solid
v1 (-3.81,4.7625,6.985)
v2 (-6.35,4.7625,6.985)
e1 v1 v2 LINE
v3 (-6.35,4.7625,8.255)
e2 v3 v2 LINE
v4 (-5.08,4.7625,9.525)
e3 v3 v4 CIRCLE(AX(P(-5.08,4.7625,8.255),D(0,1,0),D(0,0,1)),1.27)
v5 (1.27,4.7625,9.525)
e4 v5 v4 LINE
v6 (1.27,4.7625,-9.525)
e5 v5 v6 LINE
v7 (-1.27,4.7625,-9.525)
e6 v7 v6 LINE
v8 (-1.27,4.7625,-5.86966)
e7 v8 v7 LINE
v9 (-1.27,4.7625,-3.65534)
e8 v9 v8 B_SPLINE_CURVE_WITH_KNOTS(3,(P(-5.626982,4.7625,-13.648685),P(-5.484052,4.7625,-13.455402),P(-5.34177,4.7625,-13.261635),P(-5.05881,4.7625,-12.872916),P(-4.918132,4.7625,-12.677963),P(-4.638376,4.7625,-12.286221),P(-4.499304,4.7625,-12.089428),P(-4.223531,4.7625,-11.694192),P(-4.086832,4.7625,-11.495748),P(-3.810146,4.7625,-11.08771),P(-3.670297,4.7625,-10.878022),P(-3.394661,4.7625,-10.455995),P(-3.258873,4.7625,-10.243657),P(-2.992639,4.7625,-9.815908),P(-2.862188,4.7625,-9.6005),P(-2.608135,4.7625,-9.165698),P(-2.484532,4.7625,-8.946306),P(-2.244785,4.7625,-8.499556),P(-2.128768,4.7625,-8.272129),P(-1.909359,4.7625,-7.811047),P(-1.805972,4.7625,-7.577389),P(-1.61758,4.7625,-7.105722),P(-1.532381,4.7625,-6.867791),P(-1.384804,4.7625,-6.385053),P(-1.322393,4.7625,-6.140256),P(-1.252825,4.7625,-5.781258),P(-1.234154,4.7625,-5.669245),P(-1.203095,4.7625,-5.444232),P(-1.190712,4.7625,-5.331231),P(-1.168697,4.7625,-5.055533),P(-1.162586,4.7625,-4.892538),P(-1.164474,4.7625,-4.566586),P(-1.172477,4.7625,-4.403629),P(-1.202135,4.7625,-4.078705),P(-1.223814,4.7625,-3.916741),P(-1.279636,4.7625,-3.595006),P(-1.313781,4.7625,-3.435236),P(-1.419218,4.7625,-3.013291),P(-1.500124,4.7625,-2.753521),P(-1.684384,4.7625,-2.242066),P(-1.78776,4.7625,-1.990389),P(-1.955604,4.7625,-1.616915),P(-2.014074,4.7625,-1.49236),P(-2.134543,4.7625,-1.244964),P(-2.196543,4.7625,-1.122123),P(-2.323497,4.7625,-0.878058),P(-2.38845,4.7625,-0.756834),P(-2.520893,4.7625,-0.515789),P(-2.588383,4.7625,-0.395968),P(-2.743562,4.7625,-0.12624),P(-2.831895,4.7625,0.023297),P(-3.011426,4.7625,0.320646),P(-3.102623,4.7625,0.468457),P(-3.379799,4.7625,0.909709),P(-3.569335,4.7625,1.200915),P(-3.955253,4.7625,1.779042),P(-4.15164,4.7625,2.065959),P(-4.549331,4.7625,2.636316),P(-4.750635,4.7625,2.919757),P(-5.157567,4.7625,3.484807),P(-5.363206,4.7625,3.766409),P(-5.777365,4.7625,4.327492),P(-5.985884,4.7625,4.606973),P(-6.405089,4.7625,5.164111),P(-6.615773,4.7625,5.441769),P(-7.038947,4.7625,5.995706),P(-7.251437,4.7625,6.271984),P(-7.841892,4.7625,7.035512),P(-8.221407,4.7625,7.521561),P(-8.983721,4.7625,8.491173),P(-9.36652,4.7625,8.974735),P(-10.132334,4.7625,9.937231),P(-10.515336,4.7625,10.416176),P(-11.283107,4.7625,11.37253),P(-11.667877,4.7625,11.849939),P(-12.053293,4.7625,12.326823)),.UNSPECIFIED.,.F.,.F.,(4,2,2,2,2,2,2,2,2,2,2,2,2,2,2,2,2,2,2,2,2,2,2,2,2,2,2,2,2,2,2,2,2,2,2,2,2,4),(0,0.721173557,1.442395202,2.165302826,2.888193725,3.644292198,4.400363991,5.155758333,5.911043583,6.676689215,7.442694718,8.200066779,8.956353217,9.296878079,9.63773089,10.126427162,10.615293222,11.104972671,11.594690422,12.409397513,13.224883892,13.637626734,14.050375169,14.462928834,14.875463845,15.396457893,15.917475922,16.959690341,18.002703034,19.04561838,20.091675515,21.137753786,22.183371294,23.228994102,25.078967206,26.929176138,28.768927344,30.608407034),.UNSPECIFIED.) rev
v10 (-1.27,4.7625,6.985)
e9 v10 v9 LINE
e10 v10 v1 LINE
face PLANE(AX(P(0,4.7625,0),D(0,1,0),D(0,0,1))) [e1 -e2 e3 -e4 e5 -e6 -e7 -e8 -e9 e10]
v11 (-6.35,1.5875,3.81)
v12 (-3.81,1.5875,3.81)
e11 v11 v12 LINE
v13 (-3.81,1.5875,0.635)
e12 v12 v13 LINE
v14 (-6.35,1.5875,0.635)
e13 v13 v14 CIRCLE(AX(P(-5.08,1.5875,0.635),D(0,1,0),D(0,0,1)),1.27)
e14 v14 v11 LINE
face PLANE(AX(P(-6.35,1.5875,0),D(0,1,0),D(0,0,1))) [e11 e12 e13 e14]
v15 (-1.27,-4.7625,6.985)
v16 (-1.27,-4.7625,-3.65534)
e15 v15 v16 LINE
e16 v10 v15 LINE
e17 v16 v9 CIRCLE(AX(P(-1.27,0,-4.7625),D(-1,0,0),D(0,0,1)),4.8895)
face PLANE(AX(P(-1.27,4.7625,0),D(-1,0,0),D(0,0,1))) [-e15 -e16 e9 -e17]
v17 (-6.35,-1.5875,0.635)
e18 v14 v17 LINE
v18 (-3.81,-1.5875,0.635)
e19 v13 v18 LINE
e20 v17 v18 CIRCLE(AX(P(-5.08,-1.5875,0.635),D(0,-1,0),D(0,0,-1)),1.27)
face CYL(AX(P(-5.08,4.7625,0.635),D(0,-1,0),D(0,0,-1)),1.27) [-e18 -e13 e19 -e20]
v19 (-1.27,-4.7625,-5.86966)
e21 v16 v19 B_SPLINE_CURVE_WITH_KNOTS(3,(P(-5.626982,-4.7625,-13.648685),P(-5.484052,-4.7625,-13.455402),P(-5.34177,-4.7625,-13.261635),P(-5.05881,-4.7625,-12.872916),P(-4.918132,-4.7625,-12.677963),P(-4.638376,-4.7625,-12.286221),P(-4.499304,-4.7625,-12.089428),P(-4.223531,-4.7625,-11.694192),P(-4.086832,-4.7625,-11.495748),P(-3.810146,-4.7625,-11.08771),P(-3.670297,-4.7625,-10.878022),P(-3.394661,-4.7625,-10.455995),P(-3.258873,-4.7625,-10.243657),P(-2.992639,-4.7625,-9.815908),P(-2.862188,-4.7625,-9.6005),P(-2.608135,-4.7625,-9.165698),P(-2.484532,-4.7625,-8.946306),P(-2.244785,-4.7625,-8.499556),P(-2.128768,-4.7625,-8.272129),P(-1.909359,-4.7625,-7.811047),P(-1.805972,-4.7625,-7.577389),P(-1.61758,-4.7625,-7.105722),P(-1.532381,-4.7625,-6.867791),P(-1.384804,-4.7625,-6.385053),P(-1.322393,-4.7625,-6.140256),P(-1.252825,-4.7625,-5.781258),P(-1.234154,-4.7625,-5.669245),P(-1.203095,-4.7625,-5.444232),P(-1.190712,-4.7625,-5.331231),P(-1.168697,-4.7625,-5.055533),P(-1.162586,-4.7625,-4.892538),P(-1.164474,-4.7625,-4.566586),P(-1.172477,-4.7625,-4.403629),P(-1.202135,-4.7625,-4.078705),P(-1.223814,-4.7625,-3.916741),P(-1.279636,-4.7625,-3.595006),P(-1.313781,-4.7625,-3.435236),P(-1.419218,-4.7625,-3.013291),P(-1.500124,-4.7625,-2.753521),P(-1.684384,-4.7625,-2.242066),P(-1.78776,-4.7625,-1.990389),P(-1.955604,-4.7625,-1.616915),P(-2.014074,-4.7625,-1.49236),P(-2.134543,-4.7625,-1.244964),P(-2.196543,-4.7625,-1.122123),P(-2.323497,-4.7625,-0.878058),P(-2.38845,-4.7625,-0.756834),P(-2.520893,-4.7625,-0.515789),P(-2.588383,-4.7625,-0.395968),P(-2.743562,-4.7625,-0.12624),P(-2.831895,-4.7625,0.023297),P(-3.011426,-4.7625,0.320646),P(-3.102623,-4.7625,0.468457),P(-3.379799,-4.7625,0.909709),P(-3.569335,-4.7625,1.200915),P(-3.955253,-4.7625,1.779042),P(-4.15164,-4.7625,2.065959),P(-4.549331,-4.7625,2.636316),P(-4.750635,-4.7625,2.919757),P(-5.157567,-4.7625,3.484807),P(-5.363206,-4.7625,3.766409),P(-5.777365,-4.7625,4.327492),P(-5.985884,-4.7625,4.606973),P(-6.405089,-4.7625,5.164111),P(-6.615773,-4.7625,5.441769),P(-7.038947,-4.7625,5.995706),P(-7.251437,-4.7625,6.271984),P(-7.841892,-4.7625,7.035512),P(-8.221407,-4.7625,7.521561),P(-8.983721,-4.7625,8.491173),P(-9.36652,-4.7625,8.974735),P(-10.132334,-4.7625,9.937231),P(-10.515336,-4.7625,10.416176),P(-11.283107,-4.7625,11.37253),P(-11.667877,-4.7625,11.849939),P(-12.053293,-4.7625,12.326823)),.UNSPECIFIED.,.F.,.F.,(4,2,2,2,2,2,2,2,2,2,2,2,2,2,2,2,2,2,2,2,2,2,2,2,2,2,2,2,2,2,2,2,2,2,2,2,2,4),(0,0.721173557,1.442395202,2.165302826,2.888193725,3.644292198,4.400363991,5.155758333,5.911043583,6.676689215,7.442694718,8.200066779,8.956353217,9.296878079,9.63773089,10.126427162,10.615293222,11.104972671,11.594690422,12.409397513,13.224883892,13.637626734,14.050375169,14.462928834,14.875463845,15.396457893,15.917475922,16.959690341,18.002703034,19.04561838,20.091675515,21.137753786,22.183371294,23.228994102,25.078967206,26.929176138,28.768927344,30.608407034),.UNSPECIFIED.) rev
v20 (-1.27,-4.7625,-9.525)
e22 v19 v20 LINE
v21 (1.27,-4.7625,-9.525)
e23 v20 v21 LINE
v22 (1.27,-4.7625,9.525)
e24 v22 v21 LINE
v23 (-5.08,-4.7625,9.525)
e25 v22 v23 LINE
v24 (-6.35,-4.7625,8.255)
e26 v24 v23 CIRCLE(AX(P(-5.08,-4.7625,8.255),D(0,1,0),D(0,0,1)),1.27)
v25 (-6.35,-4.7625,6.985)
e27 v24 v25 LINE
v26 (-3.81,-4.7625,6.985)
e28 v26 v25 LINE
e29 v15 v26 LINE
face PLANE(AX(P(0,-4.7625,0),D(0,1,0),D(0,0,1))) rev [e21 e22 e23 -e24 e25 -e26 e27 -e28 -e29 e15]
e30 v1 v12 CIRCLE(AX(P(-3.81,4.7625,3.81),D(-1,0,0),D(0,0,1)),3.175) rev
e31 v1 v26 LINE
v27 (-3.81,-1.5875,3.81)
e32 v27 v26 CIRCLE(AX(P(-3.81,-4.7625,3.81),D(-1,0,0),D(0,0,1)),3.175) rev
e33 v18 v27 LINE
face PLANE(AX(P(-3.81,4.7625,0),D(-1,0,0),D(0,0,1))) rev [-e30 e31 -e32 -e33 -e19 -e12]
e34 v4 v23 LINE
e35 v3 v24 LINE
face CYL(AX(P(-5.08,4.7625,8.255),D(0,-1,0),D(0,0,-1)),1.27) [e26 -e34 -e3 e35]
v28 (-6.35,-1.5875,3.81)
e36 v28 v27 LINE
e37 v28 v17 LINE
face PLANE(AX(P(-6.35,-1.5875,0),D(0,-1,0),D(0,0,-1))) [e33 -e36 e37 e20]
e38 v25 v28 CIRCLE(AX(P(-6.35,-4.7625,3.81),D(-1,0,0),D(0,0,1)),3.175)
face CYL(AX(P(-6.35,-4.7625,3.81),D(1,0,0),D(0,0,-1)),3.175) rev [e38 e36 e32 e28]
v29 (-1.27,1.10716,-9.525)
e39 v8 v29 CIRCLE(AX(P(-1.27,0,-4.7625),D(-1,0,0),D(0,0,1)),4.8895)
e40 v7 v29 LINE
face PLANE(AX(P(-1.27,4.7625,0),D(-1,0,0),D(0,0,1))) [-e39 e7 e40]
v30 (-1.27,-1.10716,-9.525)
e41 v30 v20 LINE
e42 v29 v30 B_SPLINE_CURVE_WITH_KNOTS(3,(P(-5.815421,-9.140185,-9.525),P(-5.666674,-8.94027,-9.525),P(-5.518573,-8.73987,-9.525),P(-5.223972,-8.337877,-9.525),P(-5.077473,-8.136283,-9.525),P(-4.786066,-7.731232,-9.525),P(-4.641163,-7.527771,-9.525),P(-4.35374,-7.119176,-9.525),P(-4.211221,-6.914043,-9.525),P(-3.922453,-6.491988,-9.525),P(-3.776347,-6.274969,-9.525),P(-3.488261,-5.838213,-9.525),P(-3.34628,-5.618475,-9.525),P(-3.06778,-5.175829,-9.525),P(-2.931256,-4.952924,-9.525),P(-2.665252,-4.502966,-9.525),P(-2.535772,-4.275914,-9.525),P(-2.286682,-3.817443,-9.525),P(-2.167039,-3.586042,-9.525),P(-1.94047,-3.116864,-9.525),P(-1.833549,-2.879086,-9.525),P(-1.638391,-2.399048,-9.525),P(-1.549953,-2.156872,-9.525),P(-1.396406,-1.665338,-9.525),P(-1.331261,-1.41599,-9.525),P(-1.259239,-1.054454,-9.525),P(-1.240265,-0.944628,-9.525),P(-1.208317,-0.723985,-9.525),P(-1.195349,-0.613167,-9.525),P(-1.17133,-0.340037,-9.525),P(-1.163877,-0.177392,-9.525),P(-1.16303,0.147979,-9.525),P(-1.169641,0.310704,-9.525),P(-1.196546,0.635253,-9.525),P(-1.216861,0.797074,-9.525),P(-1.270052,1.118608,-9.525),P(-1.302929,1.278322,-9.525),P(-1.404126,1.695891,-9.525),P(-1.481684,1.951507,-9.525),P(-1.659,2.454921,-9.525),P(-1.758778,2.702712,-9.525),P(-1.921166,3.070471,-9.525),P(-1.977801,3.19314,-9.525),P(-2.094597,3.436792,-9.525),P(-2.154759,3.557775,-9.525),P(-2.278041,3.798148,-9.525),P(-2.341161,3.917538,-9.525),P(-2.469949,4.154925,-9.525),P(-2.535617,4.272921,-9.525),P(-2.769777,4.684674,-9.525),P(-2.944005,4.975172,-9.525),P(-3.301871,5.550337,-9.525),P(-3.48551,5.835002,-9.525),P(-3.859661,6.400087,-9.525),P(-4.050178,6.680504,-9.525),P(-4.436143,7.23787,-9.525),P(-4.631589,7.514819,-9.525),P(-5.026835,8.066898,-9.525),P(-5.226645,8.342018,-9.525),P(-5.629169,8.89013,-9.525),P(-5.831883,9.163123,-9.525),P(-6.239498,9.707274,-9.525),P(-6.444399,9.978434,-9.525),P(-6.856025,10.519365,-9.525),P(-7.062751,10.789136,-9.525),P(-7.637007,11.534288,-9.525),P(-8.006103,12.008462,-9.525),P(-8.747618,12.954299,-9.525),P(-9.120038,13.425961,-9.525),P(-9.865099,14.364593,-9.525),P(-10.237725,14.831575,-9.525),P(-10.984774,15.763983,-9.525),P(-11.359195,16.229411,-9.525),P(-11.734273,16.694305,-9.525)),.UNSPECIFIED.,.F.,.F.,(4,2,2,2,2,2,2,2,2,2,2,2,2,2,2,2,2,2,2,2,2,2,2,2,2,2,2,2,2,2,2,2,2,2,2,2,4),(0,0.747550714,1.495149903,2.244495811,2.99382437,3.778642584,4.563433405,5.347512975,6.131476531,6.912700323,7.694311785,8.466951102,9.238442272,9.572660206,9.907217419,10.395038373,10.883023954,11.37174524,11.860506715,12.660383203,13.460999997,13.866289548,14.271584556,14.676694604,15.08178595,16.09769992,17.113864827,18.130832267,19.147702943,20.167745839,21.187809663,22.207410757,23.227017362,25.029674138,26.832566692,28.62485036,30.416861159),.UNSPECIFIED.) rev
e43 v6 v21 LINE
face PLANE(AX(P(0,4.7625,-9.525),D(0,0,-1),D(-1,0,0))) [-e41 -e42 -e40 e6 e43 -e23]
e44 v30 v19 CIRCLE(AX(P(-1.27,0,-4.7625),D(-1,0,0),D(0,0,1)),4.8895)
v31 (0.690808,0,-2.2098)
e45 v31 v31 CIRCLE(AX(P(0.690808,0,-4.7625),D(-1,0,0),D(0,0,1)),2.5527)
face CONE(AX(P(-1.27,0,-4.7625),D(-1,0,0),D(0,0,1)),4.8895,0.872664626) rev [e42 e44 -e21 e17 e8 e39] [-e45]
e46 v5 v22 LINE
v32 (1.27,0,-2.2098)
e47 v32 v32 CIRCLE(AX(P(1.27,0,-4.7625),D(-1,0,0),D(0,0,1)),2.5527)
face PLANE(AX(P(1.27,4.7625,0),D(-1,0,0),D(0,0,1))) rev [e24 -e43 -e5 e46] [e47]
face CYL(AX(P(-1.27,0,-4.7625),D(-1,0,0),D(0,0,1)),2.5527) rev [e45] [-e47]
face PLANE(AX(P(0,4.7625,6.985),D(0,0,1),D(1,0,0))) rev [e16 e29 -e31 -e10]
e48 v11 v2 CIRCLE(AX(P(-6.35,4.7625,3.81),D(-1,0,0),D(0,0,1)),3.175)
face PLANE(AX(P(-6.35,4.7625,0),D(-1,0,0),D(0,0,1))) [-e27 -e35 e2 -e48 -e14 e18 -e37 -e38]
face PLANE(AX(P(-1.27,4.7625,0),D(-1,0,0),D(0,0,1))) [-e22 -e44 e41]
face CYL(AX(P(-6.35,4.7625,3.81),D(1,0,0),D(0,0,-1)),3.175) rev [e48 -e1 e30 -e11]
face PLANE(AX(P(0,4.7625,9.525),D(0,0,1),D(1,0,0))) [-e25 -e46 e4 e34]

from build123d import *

# Parameters (mm, degrees)
BOSS_EXTRUDE1_DEPTH = 4.7625
CUT_EXTRUDE1_START  = -1.27
CUT_EXTRUDE1_DEPTH  = 6.08


with BuildPart() as part:
    # Sketch1 → Boss-Extrude1 (new body, symmetric)
    with BuildSketch(Plane(origin=(0, 0, 0), x_dir=(1, 0, 0), z_dir=(0, 1, 0))):
        with BuildLine():
            Line((-5.08, -6.985), (-3.81, -6.985))
            Line((-3.81, -6.985), (-3.81, -0.635))
            ThreePointArc((-3.81, -0.635), (-5.08, 0.635), (-6.35, -0.635))
            Line((-6.35, -0.635), (-6.35, -8.255))
            ThreePointArc((-6.35, -8.255), (-5.978025612, -7.356974388), (-5.08, -6.985))
        make_face()
        with BuildLine():
            ThreePointArc((-6.35, -8.255), (-5.978025612, -9.153025612), (-5.08, -9.525))
            ThreePointArc((-5.08, -9.525), (-4.181974388, -9.153025612), (-3.81, -8.255))
            Line((-3.81, -8.255), (-3.81, -6.985))
            Line((-3.81, -6.985), (-5.08, -6.985))
            ThreePointArc((-5.08, -6.985), (-5.978025612, -7.356974388), (-6.35, -8.255))
        make_face()
        with BuildLine():
            Line((-5.08, -9.525), (-1.27, -9.525))
            Line((-1.27, -9.525), (-1.27, -6.985))
            Line((-1.27, -6.985), (-3.81, -6.985))
            Line((-3.81, -6.985), (-3.81, -8.255))
            ThreePointArc((-3.81, -8.255), (-4.181974388, -9.153025612), (-5.08, -9.525))
        make_face()
        with BuildLine():
            Line((-1.27, -6.985), (-1.27, -9.525))
            ThreePointArc((-1.27, -9.525), (0, -8.255), (-1.27, -6.985))
        make_face()
        with BuildLine():
            ThreePointArc((-1.27, -6.985), (0, -8.255), (-1.27, -9.525))
            Line((-1.27, -9.525), (1.27, -9.525))
            Line((1.27, -9.525), (1.27, 9.525))
            Line((1.27, 9.525), (-1.27, 9.525))
            Line((-1.27, 9.525), (-1.27, -6.985))
        make_face()
    extrude(amount=BOSS_EXTRUDE1_DEPTH, both=True)

    # Sketch3 → CSK for #10 Flat Head Machine Screw (100)1 (revolve, cut)
    with BuildSketch(Plane(origin=(-1.27, 0, -4.7625), x_dir=(0, 0, 1), z_dir=(0, 1, 0))):
        Polygon((0, 0), (0, 2.54), (2.5527, 2.54), (2.5527, 1.960808018), (4.8895, 0), align=None)
    revolve(axis=Axis((-7.62, 0, -4.7625), (1, 0, 0)), mode=Mode.SUBTRACT)

    # Sketch4 → Cut-Extrude1 (cut, through all)
    with BuildSketch(Plane(origin=(0, 0, 0), x_dir=(0, 0, -1), z_dir=(1, 0, 0)).offset(CUT_EXTRUDE1_START)):
        with BuildLine():
            Line((0.635, -7.9375), (-3.81, -7.9375))
            ThreePointArc((-3.81, -7.9375), (-6.985, -4.7625), (-3.81, -1.5875))
            Line((-3.81, -1.5875), (0.635, -1.5875))
            ThreePointArc((0.635, -1.5875), (3.81, -4.7625), (0.635, -7.9375))
        make_face()
        with BuildLine():
            Line((0.635, 1.5875), (-3.81, 1.5875))
            ThreePointArc((-3.81, 1.5875), (-6.985, 4.7625), (-3.81, 7.9375))
            Line((-3.81, 7.9375), (0.635, 7.9375))
            ThreePointArc((0.635, 7.9375), (3.81, 4.7625), (0.635, 1.5875))
        make_face()
    extrude(amount=-CUT_EXTRUDE1_DEPTH, mode=Mode.SUBTRACT)


solid = part.part
